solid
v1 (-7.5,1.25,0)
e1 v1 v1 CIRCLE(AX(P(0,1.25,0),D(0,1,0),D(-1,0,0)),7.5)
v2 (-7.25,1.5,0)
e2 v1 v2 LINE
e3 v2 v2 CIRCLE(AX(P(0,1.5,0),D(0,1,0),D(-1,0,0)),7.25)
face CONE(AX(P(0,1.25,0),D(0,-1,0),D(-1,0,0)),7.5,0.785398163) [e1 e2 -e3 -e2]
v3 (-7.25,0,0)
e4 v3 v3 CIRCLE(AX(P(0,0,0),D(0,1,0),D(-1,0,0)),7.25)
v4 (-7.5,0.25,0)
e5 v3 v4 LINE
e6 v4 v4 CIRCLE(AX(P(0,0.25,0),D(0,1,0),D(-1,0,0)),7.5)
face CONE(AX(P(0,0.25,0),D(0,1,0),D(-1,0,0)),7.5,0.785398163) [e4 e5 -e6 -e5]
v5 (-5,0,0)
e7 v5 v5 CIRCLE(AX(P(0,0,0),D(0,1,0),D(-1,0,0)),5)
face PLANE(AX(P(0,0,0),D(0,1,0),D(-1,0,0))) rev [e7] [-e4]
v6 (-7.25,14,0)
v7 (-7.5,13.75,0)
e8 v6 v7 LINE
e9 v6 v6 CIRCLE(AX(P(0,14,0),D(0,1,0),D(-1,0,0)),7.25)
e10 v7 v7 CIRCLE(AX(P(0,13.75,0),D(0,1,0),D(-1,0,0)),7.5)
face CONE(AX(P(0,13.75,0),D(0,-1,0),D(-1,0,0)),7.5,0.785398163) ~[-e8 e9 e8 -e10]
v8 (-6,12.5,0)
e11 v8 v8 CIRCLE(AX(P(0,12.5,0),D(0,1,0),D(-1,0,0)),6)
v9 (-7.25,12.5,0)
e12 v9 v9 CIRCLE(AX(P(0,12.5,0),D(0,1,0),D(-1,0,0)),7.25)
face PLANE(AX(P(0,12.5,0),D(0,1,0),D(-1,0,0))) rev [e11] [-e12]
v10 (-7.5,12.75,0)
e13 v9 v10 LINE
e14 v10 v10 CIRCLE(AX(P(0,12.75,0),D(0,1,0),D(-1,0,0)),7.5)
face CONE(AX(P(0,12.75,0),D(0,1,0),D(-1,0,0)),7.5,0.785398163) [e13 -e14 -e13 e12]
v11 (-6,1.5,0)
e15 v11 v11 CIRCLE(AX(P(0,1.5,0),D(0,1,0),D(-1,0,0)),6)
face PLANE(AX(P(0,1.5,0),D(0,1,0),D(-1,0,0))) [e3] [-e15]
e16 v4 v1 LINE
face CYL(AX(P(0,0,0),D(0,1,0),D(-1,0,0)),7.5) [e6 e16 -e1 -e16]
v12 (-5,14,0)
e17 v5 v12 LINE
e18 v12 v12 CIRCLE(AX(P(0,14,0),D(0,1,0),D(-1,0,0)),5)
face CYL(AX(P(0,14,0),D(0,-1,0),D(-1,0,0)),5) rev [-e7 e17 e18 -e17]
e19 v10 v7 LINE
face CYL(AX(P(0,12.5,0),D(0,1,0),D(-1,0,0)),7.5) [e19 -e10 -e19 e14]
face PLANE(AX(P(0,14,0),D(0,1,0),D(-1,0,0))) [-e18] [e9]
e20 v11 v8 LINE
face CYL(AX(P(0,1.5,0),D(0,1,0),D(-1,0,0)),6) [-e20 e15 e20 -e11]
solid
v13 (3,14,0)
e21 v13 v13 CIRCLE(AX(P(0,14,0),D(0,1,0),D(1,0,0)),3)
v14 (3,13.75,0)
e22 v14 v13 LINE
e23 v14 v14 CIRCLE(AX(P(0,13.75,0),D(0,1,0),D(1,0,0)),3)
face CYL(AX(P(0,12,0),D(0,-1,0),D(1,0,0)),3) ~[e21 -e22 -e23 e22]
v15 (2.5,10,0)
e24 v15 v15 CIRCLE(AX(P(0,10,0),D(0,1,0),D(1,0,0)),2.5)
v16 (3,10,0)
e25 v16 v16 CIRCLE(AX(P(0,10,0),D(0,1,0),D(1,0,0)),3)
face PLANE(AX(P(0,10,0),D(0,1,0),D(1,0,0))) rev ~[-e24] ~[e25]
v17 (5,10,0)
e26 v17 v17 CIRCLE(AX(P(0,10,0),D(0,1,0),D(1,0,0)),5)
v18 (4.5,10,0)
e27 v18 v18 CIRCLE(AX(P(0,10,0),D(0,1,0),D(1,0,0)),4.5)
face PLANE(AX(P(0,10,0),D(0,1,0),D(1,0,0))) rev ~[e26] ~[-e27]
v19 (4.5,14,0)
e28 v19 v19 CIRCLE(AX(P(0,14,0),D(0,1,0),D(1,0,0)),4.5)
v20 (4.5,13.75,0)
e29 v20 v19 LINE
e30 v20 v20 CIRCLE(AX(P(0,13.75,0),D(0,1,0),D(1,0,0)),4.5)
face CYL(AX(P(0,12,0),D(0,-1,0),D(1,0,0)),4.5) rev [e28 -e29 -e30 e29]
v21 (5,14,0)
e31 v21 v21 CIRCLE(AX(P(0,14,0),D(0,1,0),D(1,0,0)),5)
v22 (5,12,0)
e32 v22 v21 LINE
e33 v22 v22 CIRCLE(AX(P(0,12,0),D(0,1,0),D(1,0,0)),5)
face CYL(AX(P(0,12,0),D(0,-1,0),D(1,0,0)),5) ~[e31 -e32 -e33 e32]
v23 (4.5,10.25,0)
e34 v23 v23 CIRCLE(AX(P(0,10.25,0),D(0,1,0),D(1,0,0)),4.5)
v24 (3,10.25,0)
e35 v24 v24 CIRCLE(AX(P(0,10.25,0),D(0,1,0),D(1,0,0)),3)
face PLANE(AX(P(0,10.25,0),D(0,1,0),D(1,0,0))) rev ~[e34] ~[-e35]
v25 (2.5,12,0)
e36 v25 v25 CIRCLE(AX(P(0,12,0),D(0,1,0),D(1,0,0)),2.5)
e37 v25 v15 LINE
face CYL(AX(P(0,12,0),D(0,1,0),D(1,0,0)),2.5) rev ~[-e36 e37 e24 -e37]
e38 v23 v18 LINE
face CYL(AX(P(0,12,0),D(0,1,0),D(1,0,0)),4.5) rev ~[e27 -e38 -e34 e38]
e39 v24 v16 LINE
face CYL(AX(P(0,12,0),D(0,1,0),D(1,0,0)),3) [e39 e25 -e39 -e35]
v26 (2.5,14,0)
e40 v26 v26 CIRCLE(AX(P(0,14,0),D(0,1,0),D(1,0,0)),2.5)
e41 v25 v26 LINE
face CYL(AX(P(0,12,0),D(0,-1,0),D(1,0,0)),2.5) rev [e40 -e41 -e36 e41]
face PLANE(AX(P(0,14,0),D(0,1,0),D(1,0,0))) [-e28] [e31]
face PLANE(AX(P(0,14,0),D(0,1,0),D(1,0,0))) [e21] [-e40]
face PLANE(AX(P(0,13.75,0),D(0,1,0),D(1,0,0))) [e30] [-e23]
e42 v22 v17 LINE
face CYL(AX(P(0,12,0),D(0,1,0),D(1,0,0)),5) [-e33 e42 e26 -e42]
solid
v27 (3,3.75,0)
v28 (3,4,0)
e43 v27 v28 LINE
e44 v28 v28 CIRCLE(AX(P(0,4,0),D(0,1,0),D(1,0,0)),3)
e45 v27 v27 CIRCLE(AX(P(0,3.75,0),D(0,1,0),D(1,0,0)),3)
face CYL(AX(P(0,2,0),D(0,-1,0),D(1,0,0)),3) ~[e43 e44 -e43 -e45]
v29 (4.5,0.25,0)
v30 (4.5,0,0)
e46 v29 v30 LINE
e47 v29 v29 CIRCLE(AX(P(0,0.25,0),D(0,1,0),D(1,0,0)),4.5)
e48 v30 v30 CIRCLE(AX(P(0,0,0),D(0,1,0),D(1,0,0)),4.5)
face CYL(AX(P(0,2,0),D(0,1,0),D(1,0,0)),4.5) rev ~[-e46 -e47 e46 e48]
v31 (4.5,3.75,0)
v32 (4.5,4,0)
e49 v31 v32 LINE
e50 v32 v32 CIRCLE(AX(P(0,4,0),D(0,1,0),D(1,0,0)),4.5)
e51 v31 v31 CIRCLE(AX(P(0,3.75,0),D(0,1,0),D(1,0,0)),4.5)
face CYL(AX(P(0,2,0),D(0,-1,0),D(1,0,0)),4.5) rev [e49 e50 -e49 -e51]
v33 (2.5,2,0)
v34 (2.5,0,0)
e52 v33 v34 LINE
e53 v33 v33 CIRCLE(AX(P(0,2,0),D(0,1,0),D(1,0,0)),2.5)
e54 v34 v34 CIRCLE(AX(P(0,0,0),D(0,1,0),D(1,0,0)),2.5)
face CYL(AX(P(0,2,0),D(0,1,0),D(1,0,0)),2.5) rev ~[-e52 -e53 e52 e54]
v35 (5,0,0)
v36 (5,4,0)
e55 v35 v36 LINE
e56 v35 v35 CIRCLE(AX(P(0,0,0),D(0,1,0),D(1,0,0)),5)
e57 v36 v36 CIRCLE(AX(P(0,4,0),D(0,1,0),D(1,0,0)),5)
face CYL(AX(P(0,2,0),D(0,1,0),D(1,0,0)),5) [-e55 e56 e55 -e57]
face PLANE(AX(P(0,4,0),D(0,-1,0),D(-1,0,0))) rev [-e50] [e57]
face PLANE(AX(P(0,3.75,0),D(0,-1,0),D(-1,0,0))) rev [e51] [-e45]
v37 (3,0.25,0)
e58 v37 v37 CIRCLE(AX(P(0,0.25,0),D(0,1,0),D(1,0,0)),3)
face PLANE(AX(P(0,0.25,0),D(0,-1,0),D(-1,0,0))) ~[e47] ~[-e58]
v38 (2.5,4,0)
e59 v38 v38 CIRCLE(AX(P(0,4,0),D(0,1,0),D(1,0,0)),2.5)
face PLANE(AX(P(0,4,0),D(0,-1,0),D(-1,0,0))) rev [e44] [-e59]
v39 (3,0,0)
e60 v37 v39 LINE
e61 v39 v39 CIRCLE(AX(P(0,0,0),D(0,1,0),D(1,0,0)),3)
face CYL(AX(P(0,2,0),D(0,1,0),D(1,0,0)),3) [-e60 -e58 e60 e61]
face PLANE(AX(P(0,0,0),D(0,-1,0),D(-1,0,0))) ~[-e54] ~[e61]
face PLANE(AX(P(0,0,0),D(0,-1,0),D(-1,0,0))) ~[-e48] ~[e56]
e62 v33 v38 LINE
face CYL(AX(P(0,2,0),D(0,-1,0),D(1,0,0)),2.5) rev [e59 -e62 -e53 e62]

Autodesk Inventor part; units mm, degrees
ref_plane "YZ Plane" through (0, 0, 0) normal (1, 0, 0) x (0, 1, 0)
sketch "Sketch1" plane through (0, 0, 0) normal (0, 0, 1) x (1, 0, 0)
  line L0 (0, 0) -> (-7.5, 0)
  line L1 (-7.5, 0) -> (-7.5, 1.5)
  line L2 (-7.5, 1.5) -> (0, 1.5)
  line L3 (0, 1.5) -> (0, 0)
  line L4 (0, 1.5) -> (-6, 1.5)
  line L5 (-6, 1.5) -> (-6, 12.5)
  line L6 (-6, 12.5) -> (0, 12.5)
  line L7 (0, 12.5) -> (0, 1.5)
  line L8 (0, 12.5) -> (-7.5, 12.5)
  line L9 (-7.5, 12.5) -> (-7.5, 14)
  line L10 (-7.5, 14) -> (0, 14)
  line L11 (0, 14) -> (0, 12.5)
  line L12 (0, 14) -> (-5, 14)
  line L13 (-5, 14) -> (-5, 0)
  line L14 (-5, 0) -> (0, 0)
  line L15 (0, 0) -> (0, 14)
  point P0 (-5, 14)
  point P1 (-6, 1.5)
  dimension "d0" = 7.5
  dimension "d1" = 5
  dimension "d2" = 14
  dimension "d3" = 11
  dimension "d4" = 1.5
  dimension "d5" = 6
revolve "Revolution1" add sketch "Sketch1" angle 360 about axis through (0, 0, 0) along (0, 1, 0) contours L0 L1 L2 L13 | L2 L5 L6 L13 | L6 L8 L9 L10 L13
chamfer "Chamfer2" distance 0.25 angle 45 4 edges at (7.5, 12.5, 0) (7.5, 1.5, 0) (7.5, 0, 0) (7.5, 14, 0)
ref_plane "Work Plane5" through (0, 12, 0) normal (0, 1, 0) x (1, 0, 0)
sketch "Sketch6" plane through (0, 12, 0) normal (0, 1, 0) x (1, 0, 0)
  circle A0 centre (0, 0) radius 5
  circle A1 centre (0, 0) radius 2.5
  circle A2 centre (0, 0) radius 4.5
  circle A3 centre (0, 0) radius 3
  dimension "d36" = 10
  dimension "d37" = 5
  dimension "d38" = 0.5
  dimension "d39" = 0.5
extrude "Extrusion3" add sketch "Sketch6" along normal mid plane 4 separate body
extrude "Extrusion4" add sketch "Sketch6" along normal mid plane 3.5 contours A2 bodies 2
ref_plane "Work Plane4" through (0, 7, 0) normal (0, -1, 0) x (1, 0, 0)
mirror "Mirror3" about plane through (0, 7, 0) normal (0, -1, 0) bodies 2
properties part number "10mm 20T Smooth Idler Pulley 5mm Bore" material "Aluminum 6061"
